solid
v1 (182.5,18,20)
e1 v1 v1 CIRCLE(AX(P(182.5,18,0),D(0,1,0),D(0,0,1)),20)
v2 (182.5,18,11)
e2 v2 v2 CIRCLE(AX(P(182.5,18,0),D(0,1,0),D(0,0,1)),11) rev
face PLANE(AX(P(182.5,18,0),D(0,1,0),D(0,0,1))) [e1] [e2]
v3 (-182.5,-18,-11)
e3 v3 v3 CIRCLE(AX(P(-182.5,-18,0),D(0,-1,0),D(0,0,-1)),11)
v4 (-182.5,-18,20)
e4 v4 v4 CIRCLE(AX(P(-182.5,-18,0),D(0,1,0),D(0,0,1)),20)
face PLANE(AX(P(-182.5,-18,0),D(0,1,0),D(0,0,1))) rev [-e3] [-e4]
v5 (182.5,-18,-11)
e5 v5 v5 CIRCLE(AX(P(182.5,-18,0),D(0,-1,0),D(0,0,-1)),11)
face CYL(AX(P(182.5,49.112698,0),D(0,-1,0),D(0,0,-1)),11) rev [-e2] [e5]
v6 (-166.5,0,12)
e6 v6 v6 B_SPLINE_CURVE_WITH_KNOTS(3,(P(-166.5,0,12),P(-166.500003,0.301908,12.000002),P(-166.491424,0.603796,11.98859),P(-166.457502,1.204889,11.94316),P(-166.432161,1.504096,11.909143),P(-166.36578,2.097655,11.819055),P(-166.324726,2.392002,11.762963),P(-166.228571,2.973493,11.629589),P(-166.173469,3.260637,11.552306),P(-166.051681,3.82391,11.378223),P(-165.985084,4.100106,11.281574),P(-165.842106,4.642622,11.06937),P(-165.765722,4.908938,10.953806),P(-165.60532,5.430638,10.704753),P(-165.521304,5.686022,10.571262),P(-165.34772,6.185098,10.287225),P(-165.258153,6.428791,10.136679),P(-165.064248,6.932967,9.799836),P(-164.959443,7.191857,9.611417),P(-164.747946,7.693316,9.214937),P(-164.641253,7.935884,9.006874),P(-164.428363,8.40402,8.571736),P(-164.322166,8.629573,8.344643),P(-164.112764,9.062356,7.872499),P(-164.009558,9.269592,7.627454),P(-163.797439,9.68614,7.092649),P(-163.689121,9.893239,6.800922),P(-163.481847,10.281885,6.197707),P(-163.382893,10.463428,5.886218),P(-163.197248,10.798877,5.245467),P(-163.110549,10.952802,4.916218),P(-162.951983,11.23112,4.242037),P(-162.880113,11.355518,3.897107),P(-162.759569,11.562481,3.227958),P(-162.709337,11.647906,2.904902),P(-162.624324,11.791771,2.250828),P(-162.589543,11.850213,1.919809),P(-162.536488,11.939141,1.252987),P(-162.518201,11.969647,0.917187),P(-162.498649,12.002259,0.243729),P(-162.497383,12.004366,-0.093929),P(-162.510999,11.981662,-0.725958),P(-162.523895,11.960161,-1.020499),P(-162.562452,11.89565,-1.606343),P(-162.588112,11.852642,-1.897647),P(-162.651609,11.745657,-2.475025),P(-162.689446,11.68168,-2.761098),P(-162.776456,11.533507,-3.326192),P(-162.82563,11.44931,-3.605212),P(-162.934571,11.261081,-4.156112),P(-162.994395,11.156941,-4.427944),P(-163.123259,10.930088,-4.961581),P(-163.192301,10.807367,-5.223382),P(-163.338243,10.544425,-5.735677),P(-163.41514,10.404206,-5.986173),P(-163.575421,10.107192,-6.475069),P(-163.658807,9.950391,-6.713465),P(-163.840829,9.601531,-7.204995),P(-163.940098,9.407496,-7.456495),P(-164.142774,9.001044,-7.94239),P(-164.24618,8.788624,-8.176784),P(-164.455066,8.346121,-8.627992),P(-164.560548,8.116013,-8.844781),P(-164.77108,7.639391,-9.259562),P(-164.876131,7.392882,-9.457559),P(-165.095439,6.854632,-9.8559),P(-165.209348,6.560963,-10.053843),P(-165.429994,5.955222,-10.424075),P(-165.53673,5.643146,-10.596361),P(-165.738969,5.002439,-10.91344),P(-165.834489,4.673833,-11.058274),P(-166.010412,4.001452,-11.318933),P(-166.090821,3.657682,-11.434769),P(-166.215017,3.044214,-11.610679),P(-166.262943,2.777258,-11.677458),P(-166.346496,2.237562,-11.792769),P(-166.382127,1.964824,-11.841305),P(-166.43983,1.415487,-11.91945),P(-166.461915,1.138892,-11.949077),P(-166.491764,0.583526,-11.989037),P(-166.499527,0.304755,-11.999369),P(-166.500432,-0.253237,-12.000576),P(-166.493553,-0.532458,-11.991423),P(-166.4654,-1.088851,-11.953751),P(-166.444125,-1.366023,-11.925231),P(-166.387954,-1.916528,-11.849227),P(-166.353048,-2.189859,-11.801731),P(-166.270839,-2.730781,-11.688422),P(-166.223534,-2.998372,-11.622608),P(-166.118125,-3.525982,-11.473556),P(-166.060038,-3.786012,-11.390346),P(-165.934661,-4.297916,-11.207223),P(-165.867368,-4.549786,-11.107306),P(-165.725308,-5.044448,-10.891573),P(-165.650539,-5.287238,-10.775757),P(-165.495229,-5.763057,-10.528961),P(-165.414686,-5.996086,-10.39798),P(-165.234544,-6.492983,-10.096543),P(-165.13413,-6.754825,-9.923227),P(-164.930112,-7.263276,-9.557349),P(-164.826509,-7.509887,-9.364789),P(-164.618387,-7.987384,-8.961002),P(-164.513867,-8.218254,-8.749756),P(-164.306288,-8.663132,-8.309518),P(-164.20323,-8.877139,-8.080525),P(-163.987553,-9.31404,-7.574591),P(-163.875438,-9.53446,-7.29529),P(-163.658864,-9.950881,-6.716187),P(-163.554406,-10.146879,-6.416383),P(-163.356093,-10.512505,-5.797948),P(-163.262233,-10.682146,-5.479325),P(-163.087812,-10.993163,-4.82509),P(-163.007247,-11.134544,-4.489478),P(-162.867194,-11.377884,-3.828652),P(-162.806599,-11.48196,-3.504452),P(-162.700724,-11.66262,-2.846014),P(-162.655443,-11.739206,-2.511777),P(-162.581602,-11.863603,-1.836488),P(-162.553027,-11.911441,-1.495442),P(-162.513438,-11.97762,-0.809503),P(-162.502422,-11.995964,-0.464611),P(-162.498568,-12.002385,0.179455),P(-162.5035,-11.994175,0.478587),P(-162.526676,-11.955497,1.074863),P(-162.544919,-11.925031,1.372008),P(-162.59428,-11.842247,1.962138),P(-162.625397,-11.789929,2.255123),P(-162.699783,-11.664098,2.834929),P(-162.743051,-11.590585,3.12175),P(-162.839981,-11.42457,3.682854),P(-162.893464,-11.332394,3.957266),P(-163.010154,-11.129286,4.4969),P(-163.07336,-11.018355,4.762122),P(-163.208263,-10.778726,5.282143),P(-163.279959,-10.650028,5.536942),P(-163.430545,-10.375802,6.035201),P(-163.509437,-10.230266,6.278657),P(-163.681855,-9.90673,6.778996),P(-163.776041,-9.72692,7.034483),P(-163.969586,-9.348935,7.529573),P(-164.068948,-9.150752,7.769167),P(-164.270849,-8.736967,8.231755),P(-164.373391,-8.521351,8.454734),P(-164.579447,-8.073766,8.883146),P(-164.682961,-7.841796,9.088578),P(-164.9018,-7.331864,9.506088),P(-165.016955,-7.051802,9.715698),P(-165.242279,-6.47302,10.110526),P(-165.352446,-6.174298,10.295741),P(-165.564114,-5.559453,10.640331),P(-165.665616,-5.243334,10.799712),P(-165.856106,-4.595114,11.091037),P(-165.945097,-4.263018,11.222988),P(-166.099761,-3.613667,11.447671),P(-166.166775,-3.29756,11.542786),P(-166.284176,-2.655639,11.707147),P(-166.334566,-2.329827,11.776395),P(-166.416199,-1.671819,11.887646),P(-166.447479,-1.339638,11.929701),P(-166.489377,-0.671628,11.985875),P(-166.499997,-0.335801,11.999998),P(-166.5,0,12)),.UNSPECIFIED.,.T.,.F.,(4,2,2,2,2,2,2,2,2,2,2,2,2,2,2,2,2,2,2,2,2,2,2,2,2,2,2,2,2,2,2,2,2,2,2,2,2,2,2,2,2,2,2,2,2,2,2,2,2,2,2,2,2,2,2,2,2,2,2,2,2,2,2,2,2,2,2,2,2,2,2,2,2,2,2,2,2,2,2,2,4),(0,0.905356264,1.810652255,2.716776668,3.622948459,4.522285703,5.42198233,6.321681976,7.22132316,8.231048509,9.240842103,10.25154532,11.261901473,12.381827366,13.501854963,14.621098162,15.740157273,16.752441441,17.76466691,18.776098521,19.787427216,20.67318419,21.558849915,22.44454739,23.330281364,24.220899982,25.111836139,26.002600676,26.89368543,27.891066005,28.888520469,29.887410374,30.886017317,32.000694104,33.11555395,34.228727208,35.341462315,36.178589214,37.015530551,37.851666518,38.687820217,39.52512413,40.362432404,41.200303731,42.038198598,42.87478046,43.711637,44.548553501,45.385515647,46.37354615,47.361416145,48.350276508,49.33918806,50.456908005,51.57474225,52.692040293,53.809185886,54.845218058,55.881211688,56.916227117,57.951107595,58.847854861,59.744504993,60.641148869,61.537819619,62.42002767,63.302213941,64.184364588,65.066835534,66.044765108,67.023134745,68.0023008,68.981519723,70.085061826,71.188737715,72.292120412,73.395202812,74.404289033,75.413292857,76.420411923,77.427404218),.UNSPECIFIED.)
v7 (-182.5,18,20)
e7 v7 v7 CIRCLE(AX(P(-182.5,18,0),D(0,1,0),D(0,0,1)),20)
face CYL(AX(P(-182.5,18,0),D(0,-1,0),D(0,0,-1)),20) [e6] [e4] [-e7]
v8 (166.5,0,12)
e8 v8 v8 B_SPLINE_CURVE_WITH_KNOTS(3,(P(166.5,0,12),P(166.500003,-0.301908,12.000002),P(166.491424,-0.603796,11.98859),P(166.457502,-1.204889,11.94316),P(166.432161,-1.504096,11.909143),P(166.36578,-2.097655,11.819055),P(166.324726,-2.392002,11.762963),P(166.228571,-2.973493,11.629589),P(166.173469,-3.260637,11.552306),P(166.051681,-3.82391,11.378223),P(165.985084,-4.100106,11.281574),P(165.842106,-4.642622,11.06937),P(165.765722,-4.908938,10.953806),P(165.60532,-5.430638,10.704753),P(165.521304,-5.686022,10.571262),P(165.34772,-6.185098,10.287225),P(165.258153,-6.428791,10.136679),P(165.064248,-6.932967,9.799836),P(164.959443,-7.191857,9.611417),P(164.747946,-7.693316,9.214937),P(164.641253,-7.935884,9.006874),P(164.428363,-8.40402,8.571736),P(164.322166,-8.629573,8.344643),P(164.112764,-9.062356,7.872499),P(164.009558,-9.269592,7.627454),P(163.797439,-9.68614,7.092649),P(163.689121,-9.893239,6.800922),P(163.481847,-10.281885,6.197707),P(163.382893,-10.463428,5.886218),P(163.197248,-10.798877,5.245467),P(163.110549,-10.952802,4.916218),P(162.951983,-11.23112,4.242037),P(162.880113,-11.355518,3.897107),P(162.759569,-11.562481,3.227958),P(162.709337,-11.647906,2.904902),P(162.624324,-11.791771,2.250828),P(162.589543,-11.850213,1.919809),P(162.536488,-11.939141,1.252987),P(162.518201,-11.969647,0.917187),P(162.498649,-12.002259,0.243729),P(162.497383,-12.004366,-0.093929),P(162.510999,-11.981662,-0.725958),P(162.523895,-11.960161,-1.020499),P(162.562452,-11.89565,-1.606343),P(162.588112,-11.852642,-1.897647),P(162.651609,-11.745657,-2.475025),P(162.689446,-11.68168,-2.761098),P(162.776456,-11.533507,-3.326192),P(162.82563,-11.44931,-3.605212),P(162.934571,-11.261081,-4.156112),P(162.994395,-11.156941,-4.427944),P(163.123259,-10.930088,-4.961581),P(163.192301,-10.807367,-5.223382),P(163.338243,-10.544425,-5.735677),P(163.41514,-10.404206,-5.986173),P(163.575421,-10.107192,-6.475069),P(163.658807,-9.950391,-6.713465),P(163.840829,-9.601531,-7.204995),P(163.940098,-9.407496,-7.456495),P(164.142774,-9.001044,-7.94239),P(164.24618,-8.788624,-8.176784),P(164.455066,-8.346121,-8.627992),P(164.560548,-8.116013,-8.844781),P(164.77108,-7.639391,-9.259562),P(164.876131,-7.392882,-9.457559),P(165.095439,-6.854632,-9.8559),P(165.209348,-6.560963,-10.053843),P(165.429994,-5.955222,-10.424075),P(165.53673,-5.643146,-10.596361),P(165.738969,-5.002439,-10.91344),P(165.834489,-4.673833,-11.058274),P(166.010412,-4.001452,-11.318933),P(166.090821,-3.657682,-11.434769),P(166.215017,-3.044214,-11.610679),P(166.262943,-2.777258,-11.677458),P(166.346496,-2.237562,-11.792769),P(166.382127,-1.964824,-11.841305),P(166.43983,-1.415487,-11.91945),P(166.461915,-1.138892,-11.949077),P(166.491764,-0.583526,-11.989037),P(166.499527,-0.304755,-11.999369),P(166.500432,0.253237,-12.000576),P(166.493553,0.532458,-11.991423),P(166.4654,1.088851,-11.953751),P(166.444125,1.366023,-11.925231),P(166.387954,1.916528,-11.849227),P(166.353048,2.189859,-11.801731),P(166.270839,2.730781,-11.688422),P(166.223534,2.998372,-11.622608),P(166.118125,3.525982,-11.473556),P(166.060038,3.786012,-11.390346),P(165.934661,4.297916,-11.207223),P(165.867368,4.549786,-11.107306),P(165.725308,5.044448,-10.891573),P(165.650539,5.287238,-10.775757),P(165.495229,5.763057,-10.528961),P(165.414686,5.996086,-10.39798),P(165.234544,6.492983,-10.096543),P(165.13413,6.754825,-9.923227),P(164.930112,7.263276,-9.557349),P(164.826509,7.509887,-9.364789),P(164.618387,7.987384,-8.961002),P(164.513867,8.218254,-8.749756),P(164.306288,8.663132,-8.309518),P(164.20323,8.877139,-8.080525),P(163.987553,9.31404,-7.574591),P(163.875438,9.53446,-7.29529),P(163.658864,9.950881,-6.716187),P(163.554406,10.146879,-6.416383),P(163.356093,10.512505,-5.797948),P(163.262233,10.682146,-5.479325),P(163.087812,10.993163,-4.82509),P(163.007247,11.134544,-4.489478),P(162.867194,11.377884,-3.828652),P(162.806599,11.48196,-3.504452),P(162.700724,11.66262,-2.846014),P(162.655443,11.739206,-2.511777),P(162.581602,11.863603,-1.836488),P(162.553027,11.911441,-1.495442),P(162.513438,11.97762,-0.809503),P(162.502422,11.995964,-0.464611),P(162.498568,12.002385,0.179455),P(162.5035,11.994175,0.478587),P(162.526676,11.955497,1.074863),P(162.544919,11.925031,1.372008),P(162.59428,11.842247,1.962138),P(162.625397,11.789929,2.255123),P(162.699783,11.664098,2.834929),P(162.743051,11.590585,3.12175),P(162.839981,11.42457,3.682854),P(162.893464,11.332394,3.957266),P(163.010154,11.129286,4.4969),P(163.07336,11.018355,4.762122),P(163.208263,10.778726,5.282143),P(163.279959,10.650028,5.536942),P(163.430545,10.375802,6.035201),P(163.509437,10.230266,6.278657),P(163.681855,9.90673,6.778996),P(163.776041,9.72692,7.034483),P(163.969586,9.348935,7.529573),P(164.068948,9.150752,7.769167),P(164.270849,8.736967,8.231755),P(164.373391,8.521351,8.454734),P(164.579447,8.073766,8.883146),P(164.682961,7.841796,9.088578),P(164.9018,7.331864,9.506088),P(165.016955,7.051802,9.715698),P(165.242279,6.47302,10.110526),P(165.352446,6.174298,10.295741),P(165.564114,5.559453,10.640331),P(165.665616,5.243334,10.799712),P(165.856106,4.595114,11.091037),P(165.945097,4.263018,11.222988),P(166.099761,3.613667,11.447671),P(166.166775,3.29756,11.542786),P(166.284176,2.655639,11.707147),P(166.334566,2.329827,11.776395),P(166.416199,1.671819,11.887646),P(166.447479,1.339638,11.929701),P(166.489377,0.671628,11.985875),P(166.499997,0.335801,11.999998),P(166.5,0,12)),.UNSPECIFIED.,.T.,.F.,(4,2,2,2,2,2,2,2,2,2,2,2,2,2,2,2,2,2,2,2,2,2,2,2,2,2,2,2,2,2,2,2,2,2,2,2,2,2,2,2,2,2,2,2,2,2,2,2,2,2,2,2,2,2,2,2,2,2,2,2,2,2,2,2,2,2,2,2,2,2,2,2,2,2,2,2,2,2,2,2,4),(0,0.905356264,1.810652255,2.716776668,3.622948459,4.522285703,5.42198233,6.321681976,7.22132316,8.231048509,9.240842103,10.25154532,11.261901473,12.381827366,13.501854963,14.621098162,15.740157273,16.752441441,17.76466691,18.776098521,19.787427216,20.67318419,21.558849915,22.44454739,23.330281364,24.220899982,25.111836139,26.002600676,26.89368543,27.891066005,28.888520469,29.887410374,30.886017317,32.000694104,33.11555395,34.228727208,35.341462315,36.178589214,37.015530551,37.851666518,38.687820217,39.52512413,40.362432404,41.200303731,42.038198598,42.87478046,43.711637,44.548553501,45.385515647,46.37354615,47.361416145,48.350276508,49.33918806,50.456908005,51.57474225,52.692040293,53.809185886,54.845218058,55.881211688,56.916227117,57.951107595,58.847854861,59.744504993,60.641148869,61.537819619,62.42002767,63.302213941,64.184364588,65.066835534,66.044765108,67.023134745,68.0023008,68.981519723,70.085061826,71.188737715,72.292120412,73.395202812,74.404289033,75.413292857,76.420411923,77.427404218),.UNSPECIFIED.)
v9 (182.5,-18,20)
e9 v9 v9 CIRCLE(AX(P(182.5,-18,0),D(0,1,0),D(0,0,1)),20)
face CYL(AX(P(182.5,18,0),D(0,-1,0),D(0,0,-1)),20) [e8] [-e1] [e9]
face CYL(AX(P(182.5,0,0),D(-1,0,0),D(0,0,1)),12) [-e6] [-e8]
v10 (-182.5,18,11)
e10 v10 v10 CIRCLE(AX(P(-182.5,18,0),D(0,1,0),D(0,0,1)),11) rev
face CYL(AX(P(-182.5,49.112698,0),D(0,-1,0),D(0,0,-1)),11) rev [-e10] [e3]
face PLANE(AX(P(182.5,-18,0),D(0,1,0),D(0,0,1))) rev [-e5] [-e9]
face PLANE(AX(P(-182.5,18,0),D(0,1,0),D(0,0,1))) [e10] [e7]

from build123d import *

# Parameters (mm, degrees)
SKETCH5_R           = 12
BOSS_EXTRUDE3_DEPTH = 182.5
SKETCH2_R           = 20
BOSS_EXTRUDE4_DEPTH = 18
SKETCH6_R           = 11
CUT_EXTRUDE1_DEPTH  = 36


with BuildPart() as part:
    # Sketch5 → Boss-Extrude3 (new, symmetric)
    with BuildSketch(Plane(origin=(0, 0, 0), x_dir=(0, 0, -1), z_dir=(1, 0, 0))):
        with Locations(Location((0, 0, 0), (0, 0, 180))):
            Circle(SKETCH5_R)
    extrude(amount=BOSS_EXTRUDE3_DEPTH, both=True)

    # Sketch2 → Boss-Extrude4 (add, symmetric)
    with BuildSketch(Plane(origin=(0, 0, 0), x_dir=(1, 0, 0), z_dir=(0, 1, 0))):
        with Locations(Location((182.5, 0, 0), (0, 0, 270))):
            Circle(SKETCH2_R)
        with Locations(Location((-182.5, 0, 0), (0, 0, 270))):
            Circle(SKETCH2_R)
    extrude(amount=BOSS_EXTRUDE4_DEPTH, both=True)

    # Sketch6 → Cut-Extrude1 (cut)
    with BuildSketch(Plane.XZ.offset(18)):
        with Locations(Location((182.5, 0, 0), (0, 0, 270))):
            Circle(SKETCH6_R)
        with Locations(Location((-182.5, 0, 0), (0, 0, 270))):
            Circle(SKETCH6_R)
    extrude(amount=-CUT_EXTRUDE1_DEPTH, mode=Mode.SUBTRACT)


solid = part.part
